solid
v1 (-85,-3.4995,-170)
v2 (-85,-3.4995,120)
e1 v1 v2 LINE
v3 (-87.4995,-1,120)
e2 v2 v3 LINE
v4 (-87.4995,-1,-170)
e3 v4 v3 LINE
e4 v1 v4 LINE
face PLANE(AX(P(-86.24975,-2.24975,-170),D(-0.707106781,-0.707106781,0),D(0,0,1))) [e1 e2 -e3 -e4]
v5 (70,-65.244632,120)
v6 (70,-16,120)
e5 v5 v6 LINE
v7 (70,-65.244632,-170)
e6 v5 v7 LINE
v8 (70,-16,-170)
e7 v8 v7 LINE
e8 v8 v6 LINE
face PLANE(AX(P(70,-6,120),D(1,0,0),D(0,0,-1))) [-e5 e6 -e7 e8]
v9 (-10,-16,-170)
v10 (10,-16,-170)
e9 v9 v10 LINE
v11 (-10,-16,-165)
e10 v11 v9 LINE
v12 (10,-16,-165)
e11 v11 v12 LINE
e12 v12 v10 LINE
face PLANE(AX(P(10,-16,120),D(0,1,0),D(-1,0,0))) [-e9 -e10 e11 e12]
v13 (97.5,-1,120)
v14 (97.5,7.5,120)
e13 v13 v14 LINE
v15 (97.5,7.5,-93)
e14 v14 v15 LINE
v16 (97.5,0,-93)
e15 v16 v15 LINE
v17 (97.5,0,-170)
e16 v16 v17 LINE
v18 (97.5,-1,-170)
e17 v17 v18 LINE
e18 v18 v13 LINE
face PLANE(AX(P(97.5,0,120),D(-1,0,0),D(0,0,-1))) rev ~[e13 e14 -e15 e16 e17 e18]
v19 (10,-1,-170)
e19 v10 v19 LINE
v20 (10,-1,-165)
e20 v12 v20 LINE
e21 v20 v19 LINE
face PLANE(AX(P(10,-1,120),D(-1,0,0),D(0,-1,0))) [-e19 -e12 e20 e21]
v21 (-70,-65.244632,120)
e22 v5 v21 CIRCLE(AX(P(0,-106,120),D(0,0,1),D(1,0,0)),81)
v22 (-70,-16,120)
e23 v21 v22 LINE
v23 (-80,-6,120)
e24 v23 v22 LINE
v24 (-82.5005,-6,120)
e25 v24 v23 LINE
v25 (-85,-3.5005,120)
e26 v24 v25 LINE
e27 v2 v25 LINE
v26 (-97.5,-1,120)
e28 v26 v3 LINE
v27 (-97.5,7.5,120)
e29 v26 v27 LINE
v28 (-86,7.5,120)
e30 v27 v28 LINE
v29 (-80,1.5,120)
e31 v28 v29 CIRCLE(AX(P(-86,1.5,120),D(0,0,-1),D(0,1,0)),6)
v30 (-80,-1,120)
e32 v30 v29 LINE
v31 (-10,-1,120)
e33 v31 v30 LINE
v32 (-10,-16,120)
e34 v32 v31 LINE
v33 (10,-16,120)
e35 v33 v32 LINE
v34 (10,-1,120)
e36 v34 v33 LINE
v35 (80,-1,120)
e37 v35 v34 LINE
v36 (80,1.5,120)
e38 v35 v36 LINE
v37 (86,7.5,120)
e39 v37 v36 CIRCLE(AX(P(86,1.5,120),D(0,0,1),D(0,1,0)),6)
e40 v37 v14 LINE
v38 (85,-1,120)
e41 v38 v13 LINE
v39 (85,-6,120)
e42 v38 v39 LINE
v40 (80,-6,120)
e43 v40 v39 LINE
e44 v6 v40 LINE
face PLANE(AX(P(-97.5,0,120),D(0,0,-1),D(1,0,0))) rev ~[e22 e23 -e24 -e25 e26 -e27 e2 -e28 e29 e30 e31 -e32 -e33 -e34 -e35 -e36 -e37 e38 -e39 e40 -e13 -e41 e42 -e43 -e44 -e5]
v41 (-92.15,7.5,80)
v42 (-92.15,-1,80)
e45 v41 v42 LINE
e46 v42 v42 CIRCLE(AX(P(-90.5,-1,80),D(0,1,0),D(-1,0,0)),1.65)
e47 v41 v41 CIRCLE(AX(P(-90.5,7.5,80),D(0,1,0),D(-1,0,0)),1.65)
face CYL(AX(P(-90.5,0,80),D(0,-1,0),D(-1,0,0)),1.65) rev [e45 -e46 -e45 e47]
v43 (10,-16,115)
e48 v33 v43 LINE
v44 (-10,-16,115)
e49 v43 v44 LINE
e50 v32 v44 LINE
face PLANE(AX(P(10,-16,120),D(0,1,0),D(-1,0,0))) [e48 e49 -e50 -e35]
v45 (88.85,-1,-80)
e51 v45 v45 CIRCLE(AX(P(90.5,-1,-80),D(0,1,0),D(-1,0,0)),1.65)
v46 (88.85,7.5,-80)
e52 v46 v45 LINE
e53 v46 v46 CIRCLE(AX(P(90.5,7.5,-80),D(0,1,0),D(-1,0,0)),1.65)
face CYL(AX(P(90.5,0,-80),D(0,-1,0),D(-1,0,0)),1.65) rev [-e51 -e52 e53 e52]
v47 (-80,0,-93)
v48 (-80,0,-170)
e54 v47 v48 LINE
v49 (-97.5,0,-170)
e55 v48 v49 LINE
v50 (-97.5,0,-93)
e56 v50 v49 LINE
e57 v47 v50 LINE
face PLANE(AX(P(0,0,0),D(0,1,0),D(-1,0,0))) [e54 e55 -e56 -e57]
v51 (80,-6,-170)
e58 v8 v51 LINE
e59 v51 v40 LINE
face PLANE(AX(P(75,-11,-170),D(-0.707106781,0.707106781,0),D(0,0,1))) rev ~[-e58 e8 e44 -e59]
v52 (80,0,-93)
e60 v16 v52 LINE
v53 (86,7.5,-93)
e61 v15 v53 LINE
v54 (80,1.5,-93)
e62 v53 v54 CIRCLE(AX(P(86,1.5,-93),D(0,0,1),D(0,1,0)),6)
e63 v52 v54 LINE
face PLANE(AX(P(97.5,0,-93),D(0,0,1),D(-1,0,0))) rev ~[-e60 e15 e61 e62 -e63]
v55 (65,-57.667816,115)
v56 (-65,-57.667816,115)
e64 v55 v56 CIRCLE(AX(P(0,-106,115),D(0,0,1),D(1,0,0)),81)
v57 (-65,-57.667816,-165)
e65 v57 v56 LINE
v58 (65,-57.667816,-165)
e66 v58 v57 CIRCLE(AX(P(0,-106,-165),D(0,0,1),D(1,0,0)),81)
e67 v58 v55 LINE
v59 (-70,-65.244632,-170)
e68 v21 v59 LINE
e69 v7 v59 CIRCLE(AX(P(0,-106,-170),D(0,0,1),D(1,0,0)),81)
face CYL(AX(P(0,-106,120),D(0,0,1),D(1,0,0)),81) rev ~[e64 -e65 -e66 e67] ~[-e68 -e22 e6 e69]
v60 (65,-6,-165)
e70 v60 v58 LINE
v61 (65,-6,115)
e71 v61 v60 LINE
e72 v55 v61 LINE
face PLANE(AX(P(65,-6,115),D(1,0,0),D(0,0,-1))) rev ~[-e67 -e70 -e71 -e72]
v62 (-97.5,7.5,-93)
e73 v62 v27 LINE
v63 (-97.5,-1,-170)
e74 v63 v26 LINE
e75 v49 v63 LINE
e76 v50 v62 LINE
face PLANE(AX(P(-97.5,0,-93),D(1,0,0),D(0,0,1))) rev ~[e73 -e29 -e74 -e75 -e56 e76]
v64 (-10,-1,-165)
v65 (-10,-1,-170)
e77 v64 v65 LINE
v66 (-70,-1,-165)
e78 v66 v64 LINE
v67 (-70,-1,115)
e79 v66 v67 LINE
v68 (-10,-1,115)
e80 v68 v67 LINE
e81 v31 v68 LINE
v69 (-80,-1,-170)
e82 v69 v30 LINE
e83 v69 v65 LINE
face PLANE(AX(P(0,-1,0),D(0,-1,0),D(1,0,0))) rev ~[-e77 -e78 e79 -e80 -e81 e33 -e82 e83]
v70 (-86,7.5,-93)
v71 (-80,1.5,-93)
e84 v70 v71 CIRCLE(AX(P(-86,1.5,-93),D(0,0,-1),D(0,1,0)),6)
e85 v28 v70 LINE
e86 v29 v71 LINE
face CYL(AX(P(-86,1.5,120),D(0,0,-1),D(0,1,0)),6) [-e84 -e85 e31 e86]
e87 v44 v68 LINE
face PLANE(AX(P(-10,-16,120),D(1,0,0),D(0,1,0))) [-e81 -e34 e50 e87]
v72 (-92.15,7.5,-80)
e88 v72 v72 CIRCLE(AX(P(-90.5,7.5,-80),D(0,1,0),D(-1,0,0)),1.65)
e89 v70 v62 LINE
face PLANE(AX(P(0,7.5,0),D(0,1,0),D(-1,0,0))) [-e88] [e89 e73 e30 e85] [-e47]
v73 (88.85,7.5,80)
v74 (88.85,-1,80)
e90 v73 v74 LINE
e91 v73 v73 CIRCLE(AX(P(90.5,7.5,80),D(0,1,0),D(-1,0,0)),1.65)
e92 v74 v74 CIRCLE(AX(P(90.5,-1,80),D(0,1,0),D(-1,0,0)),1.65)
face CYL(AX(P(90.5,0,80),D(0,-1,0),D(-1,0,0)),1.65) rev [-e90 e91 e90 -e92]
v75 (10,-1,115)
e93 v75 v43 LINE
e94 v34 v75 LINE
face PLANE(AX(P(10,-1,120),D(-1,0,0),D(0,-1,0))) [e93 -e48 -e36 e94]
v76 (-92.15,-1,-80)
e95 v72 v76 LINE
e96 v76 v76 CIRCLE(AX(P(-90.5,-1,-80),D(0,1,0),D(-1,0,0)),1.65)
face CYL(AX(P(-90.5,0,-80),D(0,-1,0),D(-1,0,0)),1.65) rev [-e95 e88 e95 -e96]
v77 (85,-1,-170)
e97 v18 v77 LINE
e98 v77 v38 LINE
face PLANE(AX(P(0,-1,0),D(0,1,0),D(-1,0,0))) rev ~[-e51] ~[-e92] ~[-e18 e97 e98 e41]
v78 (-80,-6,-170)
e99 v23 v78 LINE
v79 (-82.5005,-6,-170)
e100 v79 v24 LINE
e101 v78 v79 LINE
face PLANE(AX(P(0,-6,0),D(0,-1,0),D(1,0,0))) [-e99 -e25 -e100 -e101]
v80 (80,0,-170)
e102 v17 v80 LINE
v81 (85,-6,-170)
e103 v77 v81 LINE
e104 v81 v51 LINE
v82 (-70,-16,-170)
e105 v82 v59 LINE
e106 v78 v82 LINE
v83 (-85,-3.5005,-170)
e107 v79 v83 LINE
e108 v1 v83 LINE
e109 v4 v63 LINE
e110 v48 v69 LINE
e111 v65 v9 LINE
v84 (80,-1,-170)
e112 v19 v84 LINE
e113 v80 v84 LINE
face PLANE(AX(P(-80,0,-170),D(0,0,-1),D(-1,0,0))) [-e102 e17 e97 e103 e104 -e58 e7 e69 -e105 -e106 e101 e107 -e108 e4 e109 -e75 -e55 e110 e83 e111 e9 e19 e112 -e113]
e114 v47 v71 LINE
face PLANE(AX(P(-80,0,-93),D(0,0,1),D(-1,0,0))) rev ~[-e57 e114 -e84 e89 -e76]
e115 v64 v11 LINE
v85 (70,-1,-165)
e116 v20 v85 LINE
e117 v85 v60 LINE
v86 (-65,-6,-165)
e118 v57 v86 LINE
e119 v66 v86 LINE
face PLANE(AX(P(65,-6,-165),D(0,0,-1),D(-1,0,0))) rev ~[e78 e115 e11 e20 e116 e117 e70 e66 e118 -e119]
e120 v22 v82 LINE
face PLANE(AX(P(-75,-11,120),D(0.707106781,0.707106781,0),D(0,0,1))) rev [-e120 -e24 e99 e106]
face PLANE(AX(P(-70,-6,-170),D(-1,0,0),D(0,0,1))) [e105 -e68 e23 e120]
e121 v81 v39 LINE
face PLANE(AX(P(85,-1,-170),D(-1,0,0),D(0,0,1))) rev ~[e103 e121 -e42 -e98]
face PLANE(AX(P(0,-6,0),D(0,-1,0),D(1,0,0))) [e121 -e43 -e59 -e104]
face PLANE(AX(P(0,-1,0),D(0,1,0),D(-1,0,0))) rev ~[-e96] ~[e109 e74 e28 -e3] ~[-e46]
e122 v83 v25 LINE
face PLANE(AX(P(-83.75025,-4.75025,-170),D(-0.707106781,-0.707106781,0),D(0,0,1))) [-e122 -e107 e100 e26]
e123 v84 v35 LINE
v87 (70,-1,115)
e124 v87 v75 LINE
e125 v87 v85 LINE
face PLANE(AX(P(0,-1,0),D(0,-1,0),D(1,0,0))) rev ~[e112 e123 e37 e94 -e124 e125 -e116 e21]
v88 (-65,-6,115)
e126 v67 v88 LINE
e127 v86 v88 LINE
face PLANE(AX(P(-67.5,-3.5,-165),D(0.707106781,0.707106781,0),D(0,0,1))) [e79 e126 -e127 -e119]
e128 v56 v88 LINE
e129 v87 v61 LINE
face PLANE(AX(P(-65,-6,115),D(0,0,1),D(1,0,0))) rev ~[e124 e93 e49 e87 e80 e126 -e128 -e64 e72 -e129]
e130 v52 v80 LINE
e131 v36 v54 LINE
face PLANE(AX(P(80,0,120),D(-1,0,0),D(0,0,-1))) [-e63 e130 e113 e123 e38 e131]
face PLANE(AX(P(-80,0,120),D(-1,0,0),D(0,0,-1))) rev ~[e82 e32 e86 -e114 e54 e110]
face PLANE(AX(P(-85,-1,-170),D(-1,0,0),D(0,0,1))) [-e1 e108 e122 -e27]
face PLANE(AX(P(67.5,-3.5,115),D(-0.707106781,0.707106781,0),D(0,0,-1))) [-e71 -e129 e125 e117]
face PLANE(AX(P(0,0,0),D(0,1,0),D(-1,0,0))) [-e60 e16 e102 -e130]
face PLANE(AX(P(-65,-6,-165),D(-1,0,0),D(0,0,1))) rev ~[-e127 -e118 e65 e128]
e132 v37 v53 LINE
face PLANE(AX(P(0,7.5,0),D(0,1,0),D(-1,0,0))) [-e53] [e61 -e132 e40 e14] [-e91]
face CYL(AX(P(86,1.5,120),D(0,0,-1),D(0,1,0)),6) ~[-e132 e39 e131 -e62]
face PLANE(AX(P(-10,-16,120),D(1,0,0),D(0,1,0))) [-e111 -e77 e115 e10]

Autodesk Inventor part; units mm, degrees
ref_plane "YZ Plane" through (0, 0, 0) normal (1, 0, 0) x (0, 1, 0)
ref_plane "XZ Plane" through (0, 0, 0) normal (0, 1, 0) x (-1, 0, 0)
ref_plane "XY Plane" through (0, 0, 0) normal (0, 0, 1) x (1, 0, 0)
sketch "Sketch1" plane through (0, 0, 0) normal (0, 1, 0) x (-1, 0, 0)
  line L0 (-90.5, 80) -> (90.5, 80) construction
  line L1 (90.5, 80) -> (90.5, -80) construction
  line L2 (90.5, -80) -> (-90.5, -80) construction
  line L3 (-90.5, -80) -> (-90.5, 80) construction
  line L4 (-90.5, 80) -> (90.5, -80) construction
  line L5 (90.5, 80) -> (-90.5, -80) construction
  circle A0 centre (90.5, 80) radius 1.65
  circle A1 centre (90.5, -80) radius 1.65
  circle A2 centre (-90.5, -80) radius 1.65
  circle A3 centre (-90.5, 80) radius 1.65
  line L6 (97.5, 120) -> (-97.5, 120)
  line L7 (-97.5, 120) -> (-97.5, -170)
  line L8 (-97.5, -170) -> (97.5, -170)
  line L9 (97.5, -170) -> (97.5, 120)
  line L10 (80, 120) -> (80, -170)
  line L11 (0, 0) -> (0, -42.6616)
  line L12 (-80, 120) -> (-80, -170)
  line L13 (-97.5, -93) -> (97.5, -93)
  point P0 (0, -170)
  point P1 (-80, -93)
  point P2 (80, -93)
  dimension "d0" = 181
  dimension "d1" = 160
  dimension "d2" = 3.3
  dimension "d3" = 40
  dimension "d4" = 290
  dimension "d5" = 7
  dimension "d7" = 10.5
  dimension "d8" = 13
extrude "Extrusion1" add sketch "Sketch1" along normal blind 7.5 contours L9 L13 L10 L6 | L12 L13 L7 L6
extrude "Extrusion2" add sketch "Sketch1" against normal blind 1 contours L9 L13 L10 L6 | L9 L8 L10 L13 | L12 L13 L7 L6 | L12 L8 L7 L13
sketch "Sketch2" plane through (0, -1, 0) normal (0, -1, 0) x (1, 0, 0)
  line L0 (97.5, 120) -> (80, 120) projected
  line L1 (80, 120) -> (80, -170) projected
  line L2 (80, -170) -> (97.5, -170) projected
  line L3 (97.5, -170) -> (97.5, 120) projected
  circle A0 centre (90.5, 80) radius 1.65 projected
  circle A1 centre (90.5, -80) radius 1.65 projected
  line L4 (-97.5, -170) -> (-80, -170) projected
  line L5 (-80, -170) -> (-80, 120) projected
  line L6 (-80, 120) -> (-97.5, 120) projected
  line L7 (-97.5, 120) -> (-97.5, -170) projected
  circle A2 centre (-90.5, -80) radius 1.65 projected
  circle A3 centre (-90.5, 80) radius 1.65 projected
  line L8 (-80, -170) -> (80, -170)
  line L9 (80, -170) -> (80, 120)
  line L10 (80, 120) -> (-80, 120)
  line L11 (-80, 120) -> (-80, -170)
  line L12 (-80, -170) -> (-85, -170)
  line L13 (-85, -170) -> (-85, 120)
  line L14 (-85, 120) -> (-80, 120)
  line L15 (-80, 120) -> (-80, -170)
  line L16 (-70, -170) -> (70, -170)
  line L17 (70, -170) -> (70, 120)
  line L18 (70, 120) -> (-70, 120)
  line L19 (-70, 120) -> (-70, -170)
  line L20 (0, 0) -> (0, 25.7768)
  line L21 (85, -170) -> (85, 120)
  point P0 (0, 120)
  point P1 (85, 120)
  dimension "d13" = 5
  dimension "d14" = 140
extrude "Extrusion3" add sketch "Sketch2" along normal blind 5 contours L21 L2 L1 L0 | L1 L8 L17 L10 | L19 L8 L5 L10 | L5 L4 L13 L6
sketch "Sketch3" plane through (0, -6, 0) normal (0, -1, 0) x (1, 0, 0)
  line L0 (-85, -170) -> (-70, -170) projected
  line L1 (-70, -170) -> (-70, 120) projected
  line L2 (-70, 120) -> (-85, 120) projected
  line L3 (-85, 120) -> (-85, -170) projected
  line L4 (85, 120) -> (70, 120) projected
  line L5 (70, 120) -> (70, -170) projected
  line L6 (70, -170) -> (85, -170) projected
  line L7 (85, -170) -> (85, 120) projected
  line L8 (-70, -170) -> (70, -170)
  line L9 (70, -170) -> (70, 120)
  line L10 (70, 120) -> (-70, 120)
  line L11 (-70, 120) -> (-70, -170)
  line L12 (65, -165) -> (-65, -165)
  line L13 (-65, -165) -> (-65, 115)
  line L14 (-65, 115) -> (65, 115)
  line L15 (65, 115) -> (65, -165)
  point P0 (0, 0)
  dimension "d19" = 140
  dimension "d20" = 290
  dimension "d21" = 5
extrude "Extrusion4" add sketch "Sketch3" along normal blind 100 and the other way blind 5 contours L1 L10 L5 L8
fillet "Fillet1" radius 6 2 edges at (80, 7.5, 13.5) (-80, 7.5, 13.5)
chamfer "Chamfer1" distance 10 angle 45 2 edges at (70, -6, -25) (-70, -6, -25)
chamfer "Chamfer2" distance 5 angle 45 2 edges at (-65, -1, -25) (65, -1, -25)
chamfer "Chamfer3" distance 2.5 angle 45 2 edges at (-85, -1, -25) (-85, -6, -25)
sketch "Sketch4" plane through (97.5, -1, 120) normal (0, 0, 1) x (1, 0, 0)
  line L0 (-180, -5) -> (-185, 0) projected
  line L1 (-177.5, -5) -> (-180, -5) projected
  line L2 (-167.5, -15) -> (-177.5, -5) projected
  line L3 (-167.5, -105) -> (-167.5, -15) projected
  line L4 (-27.5, -105) -> (-167.5, -105) projected
  line L5 (-27.5, -15) -> (-27.5, -105) projected
  line L6 (-17.5, -5) -> (-27.5, -15) projected
  line L7 (-12.5, -5) -> (-17.5, -5) projected
  line L8 (-12.5, 0) -> (-12.5, -5) projected
  line L9 (0, 0) -> (-12.5, 0) projected
  line L10 (0, 0) -> (0, 8.5) projected
  line L11 (-11.5, 8.5) -> (0, 8.5) projected
  arc A0 (-11.5, 8.5) -> (-17.5, 2.5) centre (-11.5, 2.5) ccw projected
  line L12 (-17.5, 0) -> (-17.5, 2.5) projected
  line L13 (-17.5, 0) -> (-177.5, 0) projected
  line L14 (-177.5, 0) -> (-177.5, 2.5) projected
  arc A1 (-177.5, 2.5) -> (-183.5, 8.5) centre (-183.5, 2.5) ccw projected
  line L15 (-195, 8.5) -> (-183.5, 8.5) projected
  line L16 (-195, 0) -> (-195, 8.5) projected
  line L17 (-185, 0) -> (-195, 0) projected
  circle A2 centre (-97.5, -105) radius 81
  line L18 (-107.5, 0) -> (-87.5, 0)
  line L19 (-87.5, 0) -> (-87.5, -15)
  line L20 (-87.5, -15) -> (-107.5, -15)
  line L21 (-107.5, -15) -> (-107.5, 0)
  point P0 (-97.5, 1)
  point P1 (-97.5, 0)
  point P2 (-97.5, -15)
  point P3 (-97.5, 0)
  point P4 (-27.5, -64.2446)
  point P5 (-167.5, -64.2446)
  dimension "d36" = 15
  dimension "d37" = 20
  dimension "d40" = 162
extrude "Extrusion5" cut sketch "Sketch4" against normal through all contours A2 L5 L4 L3 | L13 L19 L20 L21 picked at (-97.5, -78)
properties part number "PUERTA_ACOPLE_ENTRADA" material "Steel, Mild, Welded"
